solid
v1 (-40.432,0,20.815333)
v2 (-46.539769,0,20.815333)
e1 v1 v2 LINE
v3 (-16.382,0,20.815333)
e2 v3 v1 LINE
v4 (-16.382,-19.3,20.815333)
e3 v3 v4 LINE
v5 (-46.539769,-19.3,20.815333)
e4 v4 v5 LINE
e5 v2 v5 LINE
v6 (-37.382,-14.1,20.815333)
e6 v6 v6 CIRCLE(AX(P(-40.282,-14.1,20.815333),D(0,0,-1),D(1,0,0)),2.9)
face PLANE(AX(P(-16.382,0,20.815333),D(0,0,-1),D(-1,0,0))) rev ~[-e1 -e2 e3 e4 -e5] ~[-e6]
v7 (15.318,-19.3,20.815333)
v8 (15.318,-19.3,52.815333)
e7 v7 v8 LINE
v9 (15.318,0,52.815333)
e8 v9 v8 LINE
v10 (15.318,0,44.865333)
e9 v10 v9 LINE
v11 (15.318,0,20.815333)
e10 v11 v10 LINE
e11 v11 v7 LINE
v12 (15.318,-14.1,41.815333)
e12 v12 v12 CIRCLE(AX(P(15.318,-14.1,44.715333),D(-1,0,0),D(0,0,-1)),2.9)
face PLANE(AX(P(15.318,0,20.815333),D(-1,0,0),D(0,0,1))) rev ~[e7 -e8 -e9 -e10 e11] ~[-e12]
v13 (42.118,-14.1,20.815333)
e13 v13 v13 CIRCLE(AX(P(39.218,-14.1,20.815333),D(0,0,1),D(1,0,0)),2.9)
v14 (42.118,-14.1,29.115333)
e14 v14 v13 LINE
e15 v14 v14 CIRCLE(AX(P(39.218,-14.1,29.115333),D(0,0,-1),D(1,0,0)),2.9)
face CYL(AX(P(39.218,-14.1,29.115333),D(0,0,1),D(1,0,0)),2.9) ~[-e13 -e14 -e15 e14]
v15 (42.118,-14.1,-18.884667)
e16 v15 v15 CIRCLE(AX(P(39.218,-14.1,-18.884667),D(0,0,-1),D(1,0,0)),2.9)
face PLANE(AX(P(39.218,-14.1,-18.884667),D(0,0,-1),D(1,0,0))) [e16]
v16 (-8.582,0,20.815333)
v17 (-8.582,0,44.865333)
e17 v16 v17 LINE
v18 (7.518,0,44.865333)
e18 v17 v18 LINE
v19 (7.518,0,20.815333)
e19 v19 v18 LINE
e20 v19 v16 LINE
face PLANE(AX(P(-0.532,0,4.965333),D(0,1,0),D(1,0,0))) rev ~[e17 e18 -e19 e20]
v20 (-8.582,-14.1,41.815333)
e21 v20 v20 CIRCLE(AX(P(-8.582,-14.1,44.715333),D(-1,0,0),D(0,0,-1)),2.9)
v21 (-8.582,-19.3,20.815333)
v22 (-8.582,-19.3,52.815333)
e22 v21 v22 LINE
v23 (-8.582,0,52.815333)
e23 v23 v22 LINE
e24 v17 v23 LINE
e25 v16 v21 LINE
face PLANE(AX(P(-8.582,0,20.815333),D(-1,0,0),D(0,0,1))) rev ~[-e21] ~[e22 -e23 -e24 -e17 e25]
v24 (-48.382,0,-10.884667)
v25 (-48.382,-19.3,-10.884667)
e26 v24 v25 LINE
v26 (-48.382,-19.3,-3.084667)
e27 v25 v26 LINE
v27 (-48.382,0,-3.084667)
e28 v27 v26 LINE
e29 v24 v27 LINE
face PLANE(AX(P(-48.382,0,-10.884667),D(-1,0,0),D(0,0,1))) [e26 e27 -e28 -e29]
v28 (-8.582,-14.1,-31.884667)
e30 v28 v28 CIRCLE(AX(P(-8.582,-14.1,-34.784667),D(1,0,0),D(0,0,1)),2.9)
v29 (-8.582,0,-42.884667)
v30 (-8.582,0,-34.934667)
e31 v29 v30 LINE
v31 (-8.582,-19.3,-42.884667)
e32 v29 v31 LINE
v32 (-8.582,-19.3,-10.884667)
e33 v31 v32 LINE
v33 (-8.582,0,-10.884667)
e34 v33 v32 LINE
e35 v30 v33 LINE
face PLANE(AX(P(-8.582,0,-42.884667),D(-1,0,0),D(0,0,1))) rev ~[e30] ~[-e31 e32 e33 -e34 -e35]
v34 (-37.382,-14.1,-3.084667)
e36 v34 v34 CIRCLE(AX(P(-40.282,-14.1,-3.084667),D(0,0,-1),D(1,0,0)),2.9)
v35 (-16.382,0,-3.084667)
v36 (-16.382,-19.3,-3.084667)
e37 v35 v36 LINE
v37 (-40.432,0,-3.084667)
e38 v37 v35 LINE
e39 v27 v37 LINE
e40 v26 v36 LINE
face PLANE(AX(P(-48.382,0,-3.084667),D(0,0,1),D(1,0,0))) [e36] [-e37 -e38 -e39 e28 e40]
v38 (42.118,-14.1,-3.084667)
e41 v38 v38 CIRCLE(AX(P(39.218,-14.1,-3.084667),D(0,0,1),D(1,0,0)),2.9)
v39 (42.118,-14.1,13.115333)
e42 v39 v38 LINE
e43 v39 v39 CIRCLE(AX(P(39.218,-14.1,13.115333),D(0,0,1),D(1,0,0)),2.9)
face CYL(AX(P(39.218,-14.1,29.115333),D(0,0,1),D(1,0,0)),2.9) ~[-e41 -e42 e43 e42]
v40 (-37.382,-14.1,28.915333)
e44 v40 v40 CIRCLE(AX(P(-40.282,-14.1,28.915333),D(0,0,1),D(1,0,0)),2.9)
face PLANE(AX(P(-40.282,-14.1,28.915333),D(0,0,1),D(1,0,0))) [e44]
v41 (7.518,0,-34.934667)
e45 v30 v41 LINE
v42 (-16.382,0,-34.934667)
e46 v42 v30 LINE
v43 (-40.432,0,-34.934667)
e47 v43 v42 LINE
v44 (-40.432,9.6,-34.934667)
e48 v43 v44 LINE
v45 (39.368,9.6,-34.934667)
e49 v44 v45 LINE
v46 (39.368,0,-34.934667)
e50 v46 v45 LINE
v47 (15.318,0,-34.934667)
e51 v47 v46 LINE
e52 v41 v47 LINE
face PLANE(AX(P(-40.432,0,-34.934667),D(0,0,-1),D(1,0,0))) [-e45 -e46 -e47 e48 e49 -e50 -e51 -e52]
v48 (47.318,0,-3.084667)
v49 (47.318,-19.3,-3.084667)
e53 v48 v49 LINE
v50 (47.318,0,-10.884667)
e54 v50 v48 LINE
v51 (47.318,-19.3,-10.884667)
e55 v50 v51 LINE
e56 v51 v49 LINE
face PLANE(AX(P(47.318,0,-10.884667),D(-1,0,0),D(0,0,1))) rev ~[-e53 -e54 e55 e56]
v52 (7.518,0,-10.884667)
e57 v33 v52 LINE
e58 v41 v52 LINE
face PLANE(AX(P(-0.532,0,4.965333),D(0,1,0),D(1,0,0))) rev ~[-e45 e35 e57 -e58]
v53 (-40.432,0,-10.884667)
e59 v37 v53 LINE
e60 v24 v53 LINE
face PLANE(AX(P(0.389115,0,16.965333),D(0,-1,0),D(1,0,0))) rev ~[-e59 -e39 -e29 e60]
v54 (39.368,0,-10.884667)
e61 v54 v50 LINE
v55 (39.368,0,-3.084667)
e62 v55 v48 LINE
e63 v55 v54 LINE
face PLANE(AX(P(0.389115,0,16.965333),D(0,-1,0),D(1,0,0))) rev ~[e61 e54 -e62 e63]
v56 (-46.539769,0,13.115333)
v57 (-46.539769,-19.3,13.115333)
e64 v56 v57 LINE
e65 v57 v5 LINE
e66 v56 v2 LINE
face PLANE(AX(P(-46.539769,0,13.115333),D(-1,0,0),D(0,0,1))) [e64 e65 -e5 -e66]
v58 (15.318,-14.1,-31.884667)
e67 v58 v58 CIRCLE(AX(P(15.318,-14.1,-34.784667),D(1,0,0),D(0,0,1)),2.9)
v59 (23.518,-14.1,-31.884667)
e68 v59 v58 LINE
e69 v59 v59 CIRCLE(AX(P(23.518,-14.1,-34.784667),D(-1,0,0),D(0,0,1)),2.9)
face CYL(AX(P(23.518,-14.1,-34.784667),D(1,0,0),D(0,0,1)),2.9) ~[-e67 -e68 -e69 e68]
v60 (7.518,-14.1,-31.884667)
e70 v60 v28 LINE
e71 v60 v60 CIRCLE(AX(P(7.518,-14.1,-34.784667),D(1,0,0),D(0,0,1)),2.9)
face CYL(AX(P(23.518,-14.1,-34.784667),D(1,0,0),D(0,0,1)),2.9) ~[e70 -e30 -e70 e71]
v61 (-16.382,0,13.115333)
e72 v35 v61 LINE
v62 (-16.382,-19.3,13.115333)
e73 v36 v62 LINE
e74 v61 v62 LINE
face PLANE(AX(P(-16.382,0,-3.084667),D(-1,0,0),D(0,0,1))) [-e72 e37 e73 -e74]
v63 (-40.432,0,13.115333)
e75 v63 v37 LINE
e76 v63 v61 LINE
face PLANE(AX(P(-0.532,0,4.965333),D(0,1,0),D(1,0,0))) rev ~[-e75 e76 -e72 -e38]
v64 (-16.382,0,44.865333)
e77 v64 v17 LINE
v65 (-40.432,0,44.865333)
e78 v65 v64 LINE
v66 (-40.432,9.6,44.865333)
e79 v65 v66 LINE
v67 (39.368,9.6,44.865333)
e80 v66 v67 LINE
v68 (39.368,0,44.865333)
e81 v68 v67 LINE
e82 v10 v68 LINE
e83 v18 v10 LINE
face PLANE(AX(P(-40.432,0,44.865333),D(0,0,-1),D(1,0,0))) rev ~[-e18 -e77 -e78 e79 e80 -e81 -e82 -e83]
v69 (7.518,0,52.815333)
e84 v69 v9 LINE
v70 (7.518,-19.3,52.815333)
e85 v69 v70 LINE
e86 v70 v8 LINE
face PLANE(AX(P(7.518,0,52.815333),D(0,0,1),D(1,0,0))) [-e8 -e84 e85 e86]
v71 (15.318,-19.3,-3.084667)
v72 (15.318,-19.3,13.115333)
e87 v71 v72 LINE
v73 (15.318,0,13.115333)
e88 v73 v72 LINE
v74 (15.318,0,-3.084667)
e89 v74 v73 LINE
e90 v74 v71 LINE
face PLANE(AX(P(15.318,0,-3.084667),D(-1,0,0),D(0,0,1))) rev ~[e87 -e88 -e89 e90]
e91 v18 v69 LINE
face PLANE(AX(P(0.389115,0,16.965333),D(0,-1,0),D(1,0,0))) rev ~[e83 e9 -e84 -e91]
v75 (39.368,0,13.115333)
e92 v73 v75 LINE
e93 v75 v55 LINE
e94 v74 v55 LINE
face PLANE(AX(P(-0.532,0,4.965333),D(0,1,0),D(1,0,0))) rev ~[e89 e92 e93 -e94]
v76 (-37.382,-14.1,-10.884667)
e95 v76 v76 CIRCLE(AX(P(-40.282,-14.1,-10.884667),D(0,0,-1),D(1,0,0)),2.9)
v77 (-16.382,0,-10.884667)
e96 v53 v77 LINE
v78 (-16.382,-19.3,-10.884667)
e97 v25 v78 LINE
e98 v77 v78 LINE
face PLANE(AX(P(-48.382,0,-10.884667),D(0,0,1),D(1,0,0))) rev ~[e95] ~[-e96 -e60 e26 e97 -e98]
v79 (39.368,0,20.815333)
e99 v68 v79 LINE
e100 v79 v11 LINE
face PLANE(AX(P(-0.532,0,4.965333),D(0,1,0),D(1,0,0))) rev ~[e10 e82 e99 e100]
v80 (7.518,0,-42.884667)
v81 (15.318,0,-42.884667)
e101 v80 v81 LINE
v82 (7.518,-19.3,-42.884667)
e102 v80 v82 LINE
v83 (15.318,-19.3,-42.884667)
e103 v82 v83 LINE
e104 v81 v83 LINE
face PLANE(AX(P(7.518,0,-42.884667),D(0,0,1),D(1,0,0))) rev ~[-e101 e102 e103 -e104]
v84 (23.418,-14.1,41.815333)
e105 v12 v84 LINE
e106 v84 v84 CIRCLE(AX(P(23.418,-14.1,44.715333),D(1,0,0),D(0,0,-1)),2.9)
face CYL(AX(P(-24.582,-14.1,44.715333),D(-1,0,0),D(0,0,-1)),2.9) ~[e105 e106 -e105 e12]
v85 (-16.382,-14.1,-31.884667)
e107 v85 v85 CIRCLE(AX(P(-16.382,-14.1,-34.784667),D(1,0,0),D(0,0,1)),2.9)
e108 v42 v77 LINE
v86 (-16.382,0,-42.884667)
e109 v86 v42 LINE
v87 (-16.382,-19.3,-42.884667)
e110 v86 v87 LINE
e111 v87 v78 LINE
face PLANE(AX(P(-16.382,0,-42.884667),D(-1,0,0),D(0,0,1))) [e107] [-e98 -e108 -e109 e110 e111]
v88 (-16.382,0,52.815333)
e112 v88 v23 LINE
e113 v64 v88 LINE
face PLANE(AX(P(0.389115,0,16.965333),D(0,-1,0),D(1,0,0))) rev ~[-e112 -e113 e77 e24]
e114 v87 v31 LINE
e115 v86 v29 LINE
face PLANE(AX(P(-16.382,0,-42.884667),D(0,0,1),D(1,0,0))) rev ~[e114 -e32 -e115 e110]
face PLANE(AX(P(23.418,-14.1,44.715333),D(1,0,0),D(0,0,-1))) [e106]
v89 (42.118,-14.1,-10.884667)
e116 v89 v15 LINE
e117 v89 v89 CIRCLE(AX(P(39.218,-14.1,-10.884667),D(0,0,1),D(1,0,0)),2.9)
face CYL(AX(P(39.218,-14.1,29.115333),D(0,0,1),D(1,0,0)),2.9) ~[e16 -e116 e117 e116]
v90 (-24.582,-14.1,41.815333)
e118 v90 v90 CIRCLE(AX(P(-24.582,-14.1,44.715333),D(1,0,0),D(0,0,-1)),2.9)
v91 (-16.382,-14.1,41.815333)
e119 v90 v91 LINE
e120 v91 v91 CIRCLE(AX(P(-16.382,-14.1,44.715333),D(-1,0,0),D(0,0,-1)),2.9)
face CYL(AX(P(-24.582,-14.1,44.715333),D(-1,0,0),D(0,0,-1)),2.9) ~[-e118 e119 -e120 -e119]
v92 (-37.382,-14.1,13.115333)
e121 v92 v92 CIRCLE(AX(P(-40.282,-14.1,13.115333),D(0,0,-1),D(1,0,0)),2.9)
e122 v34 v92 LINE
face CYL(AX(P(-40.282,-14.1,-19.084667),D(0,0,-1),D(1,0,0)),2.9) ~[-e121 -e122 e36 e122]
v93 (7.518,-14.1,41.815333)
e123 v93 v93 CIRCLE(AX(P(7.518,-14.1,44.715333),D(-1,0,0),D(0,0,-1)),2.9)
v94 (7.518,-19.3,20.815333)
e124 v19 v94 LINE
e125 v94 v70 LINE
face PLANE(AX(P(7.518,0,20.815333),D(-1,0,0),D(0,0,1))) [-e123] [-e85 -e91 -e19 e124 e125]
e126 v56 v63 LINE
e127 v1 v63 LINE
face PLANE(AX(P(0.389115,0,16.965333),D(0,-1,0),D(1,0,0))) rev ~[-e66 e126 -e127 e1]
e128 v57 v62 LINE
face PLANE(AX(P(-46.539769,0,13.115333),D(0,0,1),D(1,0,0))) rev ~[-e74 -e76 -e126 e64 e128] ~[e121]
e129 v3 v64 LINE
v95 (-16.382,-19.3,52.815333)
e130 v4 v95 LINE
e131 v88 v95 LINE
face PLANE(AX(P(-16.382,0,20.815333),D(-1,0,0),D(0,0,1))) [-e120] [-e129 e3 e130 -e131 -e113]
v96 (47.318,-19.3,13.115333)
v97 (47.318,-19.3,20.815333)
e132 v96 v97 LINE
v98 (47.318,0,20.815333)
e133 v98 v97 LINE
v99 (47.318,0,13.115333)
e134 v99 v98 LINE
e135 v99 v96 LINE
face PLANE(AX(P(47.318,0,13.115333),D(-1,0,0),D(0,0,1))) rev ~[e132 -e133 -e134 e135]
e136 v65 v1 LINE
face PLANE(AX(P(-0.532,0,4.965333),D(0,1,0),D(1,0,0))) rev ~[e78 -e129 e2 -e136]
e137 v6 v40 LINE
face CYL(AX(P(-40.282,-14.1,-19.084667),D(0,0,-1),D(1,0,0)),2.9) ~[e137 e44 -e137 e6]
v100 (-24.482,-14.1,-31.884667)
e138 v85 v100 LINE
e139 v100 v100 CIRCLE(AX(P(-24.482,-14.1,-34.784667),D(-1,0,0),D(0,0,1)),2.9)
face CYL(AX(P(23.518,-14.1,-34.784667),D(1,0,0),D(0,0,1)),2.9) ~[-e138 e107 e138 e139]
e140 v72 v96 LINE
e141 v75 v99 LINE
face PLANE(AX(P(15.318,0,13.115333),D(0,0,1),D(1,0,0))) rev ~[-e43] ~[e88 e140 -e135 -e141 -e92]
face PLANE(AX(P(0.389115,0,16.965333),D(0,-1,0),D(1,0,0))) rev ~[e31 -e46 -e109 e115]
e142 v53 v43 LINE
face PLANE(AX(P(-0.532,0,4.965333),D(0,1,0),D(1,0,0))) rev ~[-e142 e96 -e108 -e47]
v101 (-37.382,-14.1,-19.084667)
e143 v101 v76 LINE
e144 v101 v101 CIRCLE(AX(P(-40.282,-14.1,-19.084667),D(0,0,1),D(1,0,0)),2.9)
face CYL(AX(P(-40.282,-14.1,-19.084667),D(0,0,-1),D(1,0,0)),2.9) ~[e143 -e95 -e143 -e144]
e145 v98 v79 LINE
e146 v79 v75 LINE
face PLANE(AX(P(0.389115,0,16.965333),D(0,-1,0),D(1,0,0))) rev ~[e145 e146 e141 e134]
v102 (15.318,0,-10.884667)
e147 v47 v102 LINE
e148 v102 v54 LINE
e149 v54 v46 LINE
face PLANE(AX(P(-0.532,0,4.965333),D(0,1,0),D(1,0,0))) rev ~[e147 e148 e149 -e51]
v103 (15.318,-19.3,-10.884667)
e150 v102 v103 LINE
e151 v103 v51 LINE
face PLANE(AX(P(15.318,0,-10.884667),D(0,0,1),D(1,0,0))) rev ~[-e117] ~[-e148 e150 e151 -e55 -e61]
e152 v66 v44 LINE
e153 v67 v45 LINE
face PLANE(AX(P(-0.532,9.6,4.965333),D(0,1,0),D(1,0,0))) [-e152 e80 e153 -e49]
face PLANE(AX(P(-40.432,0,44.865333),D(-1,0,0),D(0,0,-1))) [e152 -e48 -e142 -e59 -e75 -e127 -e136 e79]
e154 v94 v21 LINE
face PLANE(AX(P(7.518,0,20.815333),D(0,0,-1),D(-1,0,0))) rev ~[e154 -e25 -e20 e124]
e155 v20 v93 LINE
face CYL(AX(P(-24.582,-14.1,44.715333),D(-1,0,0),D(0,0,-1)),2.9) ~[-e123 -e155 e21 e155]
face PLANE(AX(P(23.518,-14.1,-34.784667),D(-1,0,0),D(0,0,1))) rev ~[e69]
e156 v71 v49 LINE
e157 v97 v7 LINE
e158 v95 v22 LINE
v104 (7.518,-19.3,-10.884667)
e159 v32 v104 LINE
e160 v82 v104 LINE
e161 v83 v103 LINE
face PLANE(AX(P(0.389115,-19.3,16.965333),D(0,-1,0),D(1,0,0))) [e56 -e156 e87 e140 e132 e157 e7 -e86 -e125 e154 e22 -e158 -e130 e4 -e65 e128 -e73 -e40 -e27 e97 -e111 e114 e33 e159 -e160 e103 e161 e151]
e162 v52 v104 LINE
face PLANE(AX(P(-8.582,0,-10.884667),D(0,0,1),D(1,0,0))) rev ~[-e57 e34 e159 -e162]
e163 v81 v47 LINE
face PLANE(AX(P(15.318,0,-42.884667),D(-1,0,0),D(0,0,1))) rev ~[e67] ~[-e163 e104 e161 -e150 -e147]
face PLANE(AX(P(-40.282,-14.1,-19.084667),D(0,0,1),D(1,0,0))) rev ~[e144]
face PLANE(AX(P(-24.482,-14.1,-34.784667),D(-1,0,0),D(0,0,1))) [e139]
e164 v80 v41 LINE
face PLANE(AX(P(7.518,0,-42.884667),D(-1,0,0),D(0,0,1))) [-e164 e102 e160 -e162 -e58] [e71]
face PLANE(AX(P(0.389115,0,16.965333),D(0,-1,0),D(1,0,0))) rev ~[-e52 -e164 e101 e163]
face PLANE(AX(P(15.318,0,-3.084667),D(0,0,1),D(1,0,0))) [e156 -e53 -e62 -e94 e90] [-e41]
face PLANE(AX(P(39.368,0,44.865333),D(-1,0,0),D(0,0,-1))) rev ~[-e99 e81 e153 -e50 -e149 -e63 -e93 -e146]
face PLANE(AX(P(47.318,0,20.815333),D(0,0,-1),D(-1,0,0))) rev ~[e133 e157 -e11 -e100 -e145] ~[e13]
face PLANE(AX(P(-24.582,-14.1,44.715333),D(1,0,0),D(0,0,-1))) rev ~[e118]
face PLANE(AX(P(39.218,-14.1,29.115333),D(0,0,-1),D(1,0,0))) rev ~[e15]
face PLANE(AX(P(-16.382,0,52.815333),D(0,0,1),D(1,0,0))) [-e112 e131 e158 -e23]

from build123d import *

# Parameters (mm, degrees)
SKETCH1_W                = 79.8
SKETCH1_H                = 79.8
BOSS_EXTRUDE1_DEPTH      = 9.6
SKETCH3_W                = 93.857769302
SKETCH3_H                = 7.7
SKETCH3_W_2              = 31.7
SKETCH3_H_2              = 31.7
SKETCH3_W_3              = 95.7
SKETCH3_H_3              = 7.8
SKETCH3_W_4              = 7.8
SKETCH3_H_4              = 95.7
BOSS_EXTRUDE2_DEPTH      = 19.3
BOSS_EXTRUDE3_DEPTH      = 32
BOSS_EXTRUDE3_DEPTH_BACK = 16
SKETCH4_R                = 2.9
BOSS_EXTRUDE4_DEPTH      = 32
BOSS_EXTRUDE4_DEPTH_BACK = 16
SKETCH5_R                = 2.9
BOSS_EXTRUDE5_DEPTH      = 32
BOSS_EXTRUDE5_DEPTH_BACK = 16
SKETCH6_R                = 2.9
BOSS_EXTRUDE6_DEPTH      = 32
BOSS_EXTRUDE6_DEPTH_BACK = 16
SKETCH7_R                = 2.9


with BuildPart() as part:
    # Sketch1 → Boss-Extrude1 (new body)
    with BuildSketch(Plane(origin=(0, 0, 0), x_dir=(1, 0, 0), z_dir=(0, 1, 0))):
        with Locations((-0.532, -4.965333333)):
            Rectangle(SKETCH1_W, SKETCH1_H)
    extrude(amount=BOSS_EXTRUDE1_DEPTH)

    # Sketch3 → Boss-Extrude2 (add)
    with BuildSketch(Plane.XZ):
        with Locations((0.389115349, 16.965333333)):
            Rectangle(SKETCH3_W, SKETCH3_H)
        with Locations((-0.532, 4.965333333)):
            Rectangle(SKETCH3_W_2, SKETCH3_H_2)
        with Locations((-0.532, -6.984666667)):
            Rectangle(SKETCH3_W_3, SKETCH3_H_3)
        with Locations((-12.482, 4.965333333)):
            Rectangle(SKETCH3_W_4, SKETCH3_H_4)
        with Locations((11.418, 4.965333333)):
            Rectangle(SKETCH3_W_4, SKETCH3_H_4)
    extrude(amount=BOSS_EXTRUDE2_DEPTH)

    # Sketch4 → Boss-Extrude3 (add, two sides: drawn at the far end of the back side and taken through both)
    with BuildSketch(Plane.XY.offset(-3.084666667).offset(-BOSS_EXTRUDE3_DEPTH_BACK)):
        with Locations((-40.282, -14.1)):
            Circle(SKETCH4_R)
    extrude(amount=BOSS_EXTRUDE3_DEPTH + BOSS_EXTRUDE3_DEPTH_BACK)

    # Sketch5 → Boss-Extrude4 (add, two sides: drawn at the far end of the back side and taken through both)
    with BuildSketch(Plane(origin=(-8.582, 0, 0), x_dir=(0, 0, -1), z_dir=(1, 0, 0)).offset(-BOSS_EXTRUDE4_DEPTH_BACK)):
        with Locations((-44.715333333, -14.1)):
            Circle(SKETCH5_R)
    extrude(amount=BOSS_EXTRUDE4_DEPTH + BOSS_EXTRUDE4_DEPTH_BACK)

    # Sketch6 → Boss-Extrude5 (add, two sides: drawn at the far end of the back side and taken through both)
    with BuildSketch(Plane(origin=(0, 0, 13.115333333), x_dir=(-1, 0, 0), z_dir=(0, 0, -1)).offset(-BOSS_EXTRUDE5_DEPTH_BACK)):
        with Locations(Location((-39.218, -14.1, 0), (0, 0, 180))):
            Circle(SKETCH6_R)
    extrude(amount=BOSS_EXTRUDE5_DEPTH + BOSS_EXTRUDE5_DEPTH_BACK)

    # Sketch7 → Boss-Extrude6 (add, two sides: drawn at the far end of the back side and taken through both)
    with BuildSketch(Plane.ZY.offset(-7.518).offset(-BOSS_EXTRUDE6_DEPTH_BACK)):
        with Locations((-34.784666667, -14.1)):
            Circle(SKETCH7_R)
    extrude(amount=BOSS_EXTRUDE6_DEPTH + BOSS_EXTRUDE6_DEPTH_BACK)


solid = part.part
